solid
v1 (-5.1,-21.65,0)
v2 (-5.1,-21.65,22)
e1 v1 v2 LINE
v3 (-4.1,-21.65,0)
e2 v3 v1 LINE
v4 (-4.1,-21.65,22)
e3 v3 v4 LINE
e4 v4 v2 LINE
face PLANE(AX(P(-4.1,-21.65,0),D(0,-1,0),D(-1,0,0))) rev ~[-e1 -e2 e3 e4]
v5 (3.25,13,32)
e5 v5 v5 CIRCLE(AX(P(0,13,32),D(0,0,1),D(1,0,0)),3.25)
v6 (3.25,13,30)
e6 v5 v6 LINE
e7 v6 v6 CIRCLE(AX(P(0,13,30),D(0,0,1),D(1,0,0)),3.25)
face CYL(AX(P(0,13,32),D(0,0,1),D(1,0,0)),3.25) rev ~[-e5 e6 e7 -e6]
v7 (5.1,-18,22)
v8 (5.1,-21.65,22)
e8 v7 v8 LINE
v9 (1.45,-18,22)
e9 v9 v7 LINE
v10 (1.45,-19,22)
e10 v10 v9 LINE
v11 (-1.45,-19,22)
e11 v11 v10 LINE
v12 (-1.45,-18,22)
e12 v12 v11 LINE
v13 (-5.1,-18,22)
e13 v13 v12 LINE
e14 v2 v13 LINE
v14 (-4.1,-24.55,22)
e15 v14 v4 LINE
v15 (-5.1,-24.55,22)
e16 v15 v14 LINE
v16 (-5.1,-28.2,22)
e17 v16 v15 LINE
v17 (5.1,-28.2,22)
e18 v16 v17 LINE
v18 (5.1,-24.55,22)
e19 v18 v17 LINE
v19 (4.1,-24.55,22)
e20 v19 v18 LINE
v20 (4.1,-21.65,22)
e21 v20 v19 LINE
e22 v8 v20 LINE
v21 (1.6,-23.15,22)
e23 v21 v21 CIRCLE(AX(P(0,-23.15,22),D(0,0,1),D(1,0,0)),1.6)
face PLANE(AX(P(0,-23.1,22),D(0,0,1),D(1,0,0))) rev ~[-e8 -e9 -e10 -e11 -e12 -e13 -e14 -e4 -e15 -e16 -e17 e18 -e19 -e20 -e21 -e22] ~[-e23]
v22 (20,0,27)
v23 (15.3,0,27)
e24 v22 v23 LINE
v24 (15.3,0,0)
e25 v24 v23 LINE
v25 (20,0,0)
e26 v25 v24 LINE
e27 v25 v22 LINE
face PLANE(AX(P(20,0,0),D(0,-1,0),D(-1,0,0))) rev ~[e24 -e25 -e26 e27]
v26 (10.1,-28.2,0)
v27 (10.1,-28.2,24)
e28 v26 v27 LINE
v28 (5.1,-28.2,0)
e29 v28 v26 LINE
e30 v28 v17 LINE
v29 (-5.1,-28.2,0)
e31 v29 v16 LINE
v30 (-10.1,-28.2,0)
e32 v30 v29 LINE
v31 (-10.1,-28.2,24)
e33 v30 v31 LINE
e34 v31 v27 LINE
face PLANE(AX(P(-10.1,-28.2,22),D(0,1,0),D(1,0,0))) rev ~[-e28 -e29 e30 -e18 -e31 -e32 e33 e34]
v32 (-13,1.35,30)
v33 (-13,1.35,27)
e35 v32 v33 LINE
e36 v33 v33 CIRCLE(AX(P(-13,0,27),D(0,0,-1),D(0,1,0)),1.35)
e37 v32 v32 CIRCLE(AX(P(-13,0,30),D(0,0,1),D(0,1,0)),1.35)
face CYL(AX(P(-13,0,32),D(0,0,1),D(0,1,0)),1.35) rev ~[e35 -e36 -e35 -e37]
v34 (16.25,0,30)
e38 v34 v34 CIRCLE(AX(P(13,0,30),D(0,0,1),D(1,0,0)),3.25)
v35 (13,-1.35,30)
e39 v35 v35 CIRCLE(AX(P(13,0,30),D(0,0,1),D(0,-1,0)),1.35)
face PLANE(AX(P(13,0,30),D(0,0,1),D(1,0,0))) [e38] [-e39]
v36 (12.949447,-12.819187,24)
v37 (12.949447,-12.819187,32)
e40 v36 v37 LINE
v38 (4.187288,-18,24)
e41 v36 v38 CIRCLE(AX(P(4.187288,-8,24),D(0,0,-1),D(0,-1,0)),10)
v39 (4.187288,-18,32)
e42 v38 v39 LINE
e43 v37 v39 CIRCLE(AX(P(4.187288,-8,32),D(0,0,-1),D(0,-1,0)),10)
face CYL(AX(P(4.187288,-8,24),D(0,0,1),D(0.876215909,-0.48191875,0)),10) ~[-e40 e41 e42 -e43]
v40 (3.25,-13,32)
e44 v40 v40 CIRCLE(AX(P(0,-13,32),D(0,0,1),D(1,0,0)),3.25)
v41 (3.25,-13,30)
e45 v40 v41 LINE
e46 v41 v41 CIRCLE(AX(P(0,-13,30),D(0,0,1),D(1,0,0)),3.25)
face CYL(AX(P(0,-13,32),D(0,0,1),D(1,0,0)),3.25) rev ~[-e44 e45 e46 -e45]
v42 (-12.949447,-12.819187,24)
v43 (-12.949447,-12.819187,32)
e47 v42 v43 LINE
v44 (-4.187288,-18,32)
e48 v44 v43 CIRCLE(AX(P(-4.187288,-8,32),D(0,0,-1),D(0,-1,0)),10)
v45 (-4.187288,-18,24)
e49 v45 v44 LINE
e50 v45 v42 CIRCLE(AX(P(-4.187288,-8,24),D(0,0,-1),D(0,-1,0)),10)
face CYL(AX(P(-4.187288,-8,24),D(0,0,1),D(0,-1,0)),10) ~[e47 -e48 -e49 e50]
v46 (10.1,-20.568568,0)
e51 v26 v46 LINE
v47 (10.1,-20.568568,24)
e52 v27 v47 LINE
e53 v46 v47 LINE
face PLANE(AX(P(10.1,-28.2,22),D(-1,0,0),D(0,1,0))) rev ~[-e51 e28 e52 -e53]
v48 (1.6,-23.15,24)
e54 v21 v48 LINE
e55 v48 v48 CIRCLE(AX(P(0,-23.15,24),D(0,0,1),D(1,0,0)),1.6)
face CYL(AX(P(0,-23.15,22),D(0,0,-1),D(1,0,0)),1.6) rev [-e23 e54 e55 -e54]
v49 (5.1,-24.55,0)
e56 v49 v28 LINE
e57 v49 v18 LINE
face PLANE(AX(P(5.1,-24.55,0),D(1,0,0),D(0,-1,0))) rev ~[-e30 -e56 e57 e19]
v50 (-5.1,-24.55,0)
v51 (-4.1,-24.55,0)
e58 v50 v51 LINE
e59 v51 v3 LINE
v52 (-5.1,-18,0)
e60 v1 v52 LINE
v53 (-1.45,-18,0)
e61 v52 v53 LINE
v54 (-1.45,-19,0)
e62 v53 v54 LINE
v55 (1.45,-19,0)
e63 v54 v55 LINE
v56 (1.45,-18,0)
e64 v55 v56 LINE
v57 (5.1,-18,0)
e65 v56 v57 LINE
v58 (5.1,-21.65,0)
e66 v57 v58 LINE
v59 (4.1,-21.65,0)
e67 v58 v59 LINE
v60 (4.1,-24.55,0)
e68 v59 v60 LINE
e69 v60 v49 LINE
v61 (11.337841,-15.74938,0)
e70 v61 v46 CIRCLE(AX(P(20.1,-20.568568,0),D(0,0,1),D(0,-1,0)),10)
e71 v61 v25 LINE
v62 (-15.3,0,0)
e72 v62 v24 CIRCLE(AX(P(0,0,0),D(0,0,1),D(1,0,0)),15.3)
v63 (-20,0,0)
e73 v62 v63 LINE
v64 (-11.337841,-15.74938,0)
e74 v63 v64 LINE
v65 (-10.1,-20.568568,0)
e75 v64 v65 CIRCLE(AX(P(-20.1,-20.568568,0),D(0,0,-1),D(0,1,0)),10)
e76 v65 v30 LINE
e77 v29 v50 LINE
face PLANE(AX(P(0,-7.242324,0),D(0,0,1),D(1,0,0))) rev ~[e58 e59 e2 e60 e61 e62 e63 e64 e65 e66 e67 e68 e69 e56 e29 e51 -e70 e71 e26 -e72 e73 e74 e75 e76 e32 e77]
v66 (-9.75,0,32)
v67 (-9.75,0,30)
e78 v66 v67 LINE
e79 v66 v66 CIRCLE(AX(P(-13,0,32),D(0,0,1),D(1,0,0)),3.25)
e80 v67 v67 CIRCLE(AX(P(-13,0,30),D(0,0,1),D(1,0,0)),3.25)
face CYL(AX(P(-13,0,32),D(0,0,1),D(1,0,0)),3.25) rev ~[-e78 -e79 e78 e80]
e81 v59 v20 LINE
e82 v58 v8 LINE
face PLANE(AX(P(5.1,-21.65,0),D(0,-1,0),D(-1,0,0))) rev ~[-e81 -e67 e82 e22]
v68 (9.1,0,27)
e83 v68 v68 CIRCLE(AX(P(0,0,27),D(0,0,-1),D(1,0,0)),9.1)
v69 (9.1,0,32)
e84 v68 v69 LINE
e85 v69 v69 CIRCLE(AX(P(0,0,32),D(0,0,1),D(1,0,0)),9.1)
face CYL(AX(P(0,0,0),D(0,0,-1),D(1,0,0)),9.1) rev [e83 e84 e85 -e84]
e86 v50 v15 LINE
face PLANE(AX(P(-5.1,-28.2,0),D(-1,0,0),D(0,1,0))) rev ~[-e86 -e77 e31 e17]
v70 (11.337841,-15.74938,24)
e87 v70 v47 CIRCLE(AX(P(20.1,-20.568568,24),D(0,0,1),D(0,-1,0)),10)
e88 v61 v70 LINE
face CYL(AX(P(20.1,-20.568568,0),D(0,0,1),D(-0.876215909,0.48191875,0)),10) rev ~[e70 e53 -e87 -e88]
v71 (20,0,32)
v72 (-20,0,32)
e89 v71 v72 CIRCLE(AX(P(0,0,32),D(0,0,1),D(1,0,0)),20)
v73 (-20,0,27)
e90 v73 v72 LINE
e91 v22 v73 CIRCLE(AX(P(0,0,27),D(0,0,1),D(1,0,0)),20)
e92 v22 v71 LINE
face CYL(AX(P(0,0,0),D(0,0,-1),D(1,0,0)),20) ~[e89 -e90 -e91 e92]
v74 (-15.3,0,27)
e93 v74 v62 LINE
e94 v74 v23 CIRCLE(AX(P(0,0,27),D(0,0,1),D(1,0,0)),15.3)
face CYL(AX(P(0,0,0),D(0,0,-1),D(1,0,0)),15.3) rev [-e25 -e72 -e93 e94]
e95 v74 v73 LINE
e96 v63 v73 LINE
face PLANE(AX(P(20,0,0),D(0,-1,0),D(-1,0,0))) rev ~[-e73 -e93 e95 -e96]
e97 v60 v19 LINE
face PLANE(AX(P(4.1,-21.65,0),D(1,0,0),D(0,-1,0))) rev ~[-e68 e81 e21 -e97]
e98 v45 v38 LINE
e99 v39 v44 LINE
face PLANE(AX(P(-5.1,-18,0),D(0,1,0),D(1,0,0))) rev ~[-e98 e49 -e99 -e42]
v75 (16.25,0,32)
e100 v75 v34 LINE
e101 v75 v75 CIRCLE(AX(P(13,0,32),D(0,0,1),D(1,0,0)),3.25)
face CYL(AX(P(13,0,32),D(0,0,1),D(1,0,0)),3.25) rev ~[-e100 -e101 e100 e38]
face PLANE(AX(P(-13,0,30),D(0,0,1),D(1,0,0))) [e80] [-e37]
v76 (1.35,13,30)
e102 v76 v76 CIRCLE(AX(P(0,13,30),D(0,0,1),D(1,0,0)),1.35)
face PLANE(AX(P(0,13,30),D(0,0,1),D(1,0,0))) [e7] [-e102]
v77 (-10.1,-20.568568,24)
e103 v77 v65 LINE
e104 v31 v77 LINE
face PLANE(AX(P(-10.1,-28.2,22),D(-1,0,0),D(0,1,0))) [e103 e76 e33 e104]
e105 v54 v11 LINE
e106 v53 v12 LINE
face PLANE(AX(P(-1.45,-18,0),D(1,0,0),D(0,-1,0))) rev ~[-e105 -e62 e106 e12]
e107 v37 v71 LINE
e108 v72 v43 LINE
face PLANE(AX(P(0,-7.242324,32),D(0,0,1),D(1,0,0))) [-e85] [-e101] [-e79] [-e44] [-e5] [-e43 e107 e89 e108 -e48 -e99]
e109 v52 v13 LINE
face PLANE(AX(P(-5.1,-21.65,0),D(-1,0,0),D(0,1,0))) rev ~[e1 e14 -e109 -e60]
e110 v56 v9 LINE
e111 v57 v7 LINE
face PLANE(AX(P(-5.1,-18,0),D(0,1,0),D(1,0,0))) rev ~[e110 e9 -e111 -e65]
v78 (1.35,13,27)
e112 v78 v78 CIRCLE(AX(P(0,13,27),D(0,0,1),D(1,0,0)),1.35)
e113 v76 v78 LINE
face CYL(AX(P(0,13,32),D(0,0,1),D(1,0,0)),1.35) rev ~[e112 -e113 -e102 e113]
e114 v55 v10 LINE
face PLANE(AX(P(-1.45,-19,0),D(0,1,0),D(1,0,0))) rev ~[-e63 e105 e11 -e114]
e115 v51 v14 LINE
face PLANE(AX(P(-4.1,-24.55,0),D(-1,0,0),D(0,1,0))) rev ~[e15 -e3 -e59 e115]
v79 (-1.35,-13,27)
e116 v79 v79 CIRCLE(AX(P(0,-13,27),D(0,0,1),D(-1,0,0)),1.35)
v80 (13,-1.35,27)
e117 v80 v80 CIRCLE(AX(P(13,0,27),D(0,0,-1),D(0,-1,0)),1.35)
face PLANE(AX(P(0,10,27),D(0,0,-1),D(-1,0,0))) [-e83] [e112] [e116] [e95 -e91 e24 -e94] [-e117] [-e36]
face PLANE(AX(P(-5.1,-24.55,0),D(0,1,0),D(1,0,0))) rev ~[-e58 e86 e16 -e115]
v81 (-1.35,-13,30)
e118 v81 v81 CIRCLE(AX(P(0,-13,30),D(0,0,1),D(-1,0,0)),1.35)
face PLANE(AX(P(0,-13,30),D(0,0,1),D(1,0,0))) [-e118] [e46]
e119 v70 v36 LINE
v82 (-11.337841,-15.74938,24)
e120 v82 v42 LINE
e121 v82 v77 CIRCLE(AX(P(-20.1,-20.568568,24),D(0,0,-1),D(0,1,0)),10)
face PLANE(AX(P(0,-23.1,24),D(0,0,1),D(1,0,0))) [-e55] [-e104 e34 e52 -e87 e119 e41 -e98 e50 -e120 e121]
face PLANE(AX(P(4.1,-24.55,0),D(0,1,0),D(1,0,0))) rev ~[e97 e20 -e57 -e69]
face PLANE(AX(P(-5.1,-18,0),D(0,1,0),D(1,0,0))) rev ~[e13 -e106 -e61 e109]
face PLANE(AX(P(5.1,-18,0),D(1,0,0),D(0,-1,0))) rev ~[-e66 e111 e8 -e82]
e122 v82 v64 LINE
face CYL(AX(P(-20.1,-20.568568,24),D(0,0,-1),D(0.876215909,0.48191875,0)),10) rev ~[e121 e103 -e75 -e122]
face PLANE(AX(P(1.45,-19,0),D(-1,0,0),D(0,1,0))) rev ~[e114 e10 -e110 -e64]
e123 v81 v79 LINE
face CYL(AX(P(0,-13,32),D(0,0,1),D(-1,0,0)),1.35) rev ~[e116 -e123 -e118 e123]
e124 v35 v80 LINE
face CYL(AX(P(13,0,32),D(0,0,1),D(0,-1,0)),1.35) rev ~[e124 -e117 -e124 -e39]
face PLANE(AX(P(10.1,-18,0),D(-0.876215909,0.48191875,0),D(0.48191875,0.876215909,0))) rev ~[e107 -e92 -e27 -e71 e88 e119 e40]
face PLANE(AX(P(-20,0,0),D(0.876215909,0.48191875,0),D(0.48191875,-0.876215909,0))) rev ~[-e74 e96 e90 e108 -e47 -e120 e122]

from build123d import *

# Parameters (mm, degrees)
SKETCH1_R                 = 9.1
MAIN_DEPTH                = 32
SKETCH2_R                 = 1.35
FIXHOLEMOTORS_DEPTH       = 33
HOLECIRCULARPATTERN_COUNT = 4
SKETCH3_R                 = 15.3
MOTORMAINHOLE_DEPTH       = 27
SKETCH4_W                 = 40
SKETCH4_H                 = 20
CUT_EXTRUDE3_DEPTH        = 27
SKETCH5_R                 = 3.25
HEADSCREWHOLE_DEPTH       = 2
SKETCH6_W                 = 20.2
SKETCH6_H                 = 10.2
WHEELCUT_DEPTH            = 10
SKETCH7_W                 = 20.2
SKETCH7_H                 = 10.2
SKETCH7_R                 = 1.6
BOSS_EXTRUDE2_DEPTH       = 2
FILLET1_R                 = 10
FILLET2_R                 = 10


with BuildPart() as part:
    # Sketch1 → Main (new body)
    with BuildSketch(Plane.XY):
        with BuildLine():
            Line((-5.1, -18), (-1.45, -18))
            Line((-1.45, -18), (-1.45, -19))
            Line((-1.45, -19), (1.45, -19))
            Line((1.45, -19), (1.45, -18))
            Line((1.45, -18), (5.1, -18))
            Line((5.1, -18), (5.1, -21.65))
            Line((5.1, -21.65), (4.1, -21.65))
            Line((4.1, -21.65), (4.1, -24.55))
            Line((4.1, -24.55), (5.1, -24.55))
            Line((5.1, -24.55), (5.1, -28.2))
            Line((5.1, -28.2), (10.1, -28.2))
            Line((10.1, -28.2), (10.1, -18))
            Line((10.1, -18), (20, 0))
            ThreePointArc((20, 0), (0, 20), (-20, 0))
            Line((-20, 0), (-10.1, -18))
            Line((-10.1, -18), (-10.1, -28.2))
            Line((-10.1, -28.2), (-5.1, -28.2))
            Line((-5.1, -28.2), (-5.1, -24.55))
            Line((-5.1, -24.55), (-4.1, -24.55))
            Line((-4.1, -24.55), (-4.1, -21.65))
            Line((-4.1, -21.65), (-5.1, -21.65))
            Line((-5.1, -21.65), (-5.1, -18))
        make_face()
        Circle(SKETCH1_R, mode=Mode.SUBTRACT)
    extrude(amount=MAIN_DEPTH)

    # Sketch2 → FixHoleMotors (cut, through all)
    with BuildSketch(Plane.XY.offset(32)):
        with Locations((0, 13)):
            Circle(SKETCH2_R)
    fixholemotors = extrude(amount=-FIXHOLEMOTORS_DEPTH, mode=Mode.SUBTRACT)

    # HoleCircularPattern: FixHoleMotors ×4 about axis
    holecircularpattern_axis = Axis((0, 0, 0), (0, 0, 1))
    for i in range(1, HOLECIRCULARPATTERN_COUNT):
        add(fixholemotors.rotate(holecircularpattern_axis, i * 360 / HOLECIRCULARPATTERN_COUNT), mode=Mode.SUBTRACT)

    # Sketch3 → MotorMainHole (cut)
    with BuildSketch(Plane.XY):
        Circle(SKETCH3_R)
    extrude(amount=MOTORMAINHOLE_DEPTH, mode=Mode.SUBTRACT)

    # Sketch4 → Cut-Extrude3 (cut)
    with BuildSketch(Plane(origin=(0, 0, 0), x_dir=(-1, 0, 0), z_dir=(0, 0, -1))):
        with Locations((0, 10)):
            Rectangle(SKETCH4_W, SKETCH4_H)
    extrude(amount=-CUT_EXTRUDE3_DEPTH, mode=Mode.SUBTRACT)

    # Sketch5 → HeadScrewHole (cut)
    with BuildSketch(Plane.XY.offset(32)):
        with Locations((0, 13)):
            Circle(SKETCH5_R)
        with Locations((13, 0)):
            Circle(SKETCH5_R)
        with Locations((0, -13)):
            Circle(SKETCH5_R)
        with Locations((-13, 0)):
            Circle(SKETCH5_R)
    extrude(amount=-HEADSCREWHOLE_DEPTH, mode=Mode.SUBTRACT)

    # Sketch6 → WheelCut (cut)
    with BuildSketch(Plane.XY.offset(32)):
        with Locations((0, -23.1)):
            Rectangle(SKETCH6_W, SKETCH6_H)
    extrude(amount=-WHEELCUT_DEPTH, mode=Mode.SUBTRACT)

    # Sketch7 → Boss-Extrude2 (add)
    with BuildSketch(Plane.XY.offset(22)):
        with Locations((0, -23.1)):
            Rectangle(SKETCH7_W, SKETCH7_H)
        with Locations((0, -23.15)):
            Circle(SKETCH7_R, mode=Mode.SUBTRACT)
    extrude(amount=BOSS_EXTRUDE2_DEPTH)

    # Fillet1
    fillet1_edges = [part.edges().sort_by_distance(p)[0] for p in [
        (-10.1, -18, 28),
        (10.1, -18, 28),
    ]]
    fillet(fillet1_edges, radius=FILLET1_R)

    # Fillet2
    fillet2_edges = [part.edges().sort_by_distance(p)[0] for p in [
        (-10.1, -18, 12),
        (10.1, -18, 12),
    ]]
    fillet(fillet2_edges, radius=FILLET2_R)


solid = part.part
